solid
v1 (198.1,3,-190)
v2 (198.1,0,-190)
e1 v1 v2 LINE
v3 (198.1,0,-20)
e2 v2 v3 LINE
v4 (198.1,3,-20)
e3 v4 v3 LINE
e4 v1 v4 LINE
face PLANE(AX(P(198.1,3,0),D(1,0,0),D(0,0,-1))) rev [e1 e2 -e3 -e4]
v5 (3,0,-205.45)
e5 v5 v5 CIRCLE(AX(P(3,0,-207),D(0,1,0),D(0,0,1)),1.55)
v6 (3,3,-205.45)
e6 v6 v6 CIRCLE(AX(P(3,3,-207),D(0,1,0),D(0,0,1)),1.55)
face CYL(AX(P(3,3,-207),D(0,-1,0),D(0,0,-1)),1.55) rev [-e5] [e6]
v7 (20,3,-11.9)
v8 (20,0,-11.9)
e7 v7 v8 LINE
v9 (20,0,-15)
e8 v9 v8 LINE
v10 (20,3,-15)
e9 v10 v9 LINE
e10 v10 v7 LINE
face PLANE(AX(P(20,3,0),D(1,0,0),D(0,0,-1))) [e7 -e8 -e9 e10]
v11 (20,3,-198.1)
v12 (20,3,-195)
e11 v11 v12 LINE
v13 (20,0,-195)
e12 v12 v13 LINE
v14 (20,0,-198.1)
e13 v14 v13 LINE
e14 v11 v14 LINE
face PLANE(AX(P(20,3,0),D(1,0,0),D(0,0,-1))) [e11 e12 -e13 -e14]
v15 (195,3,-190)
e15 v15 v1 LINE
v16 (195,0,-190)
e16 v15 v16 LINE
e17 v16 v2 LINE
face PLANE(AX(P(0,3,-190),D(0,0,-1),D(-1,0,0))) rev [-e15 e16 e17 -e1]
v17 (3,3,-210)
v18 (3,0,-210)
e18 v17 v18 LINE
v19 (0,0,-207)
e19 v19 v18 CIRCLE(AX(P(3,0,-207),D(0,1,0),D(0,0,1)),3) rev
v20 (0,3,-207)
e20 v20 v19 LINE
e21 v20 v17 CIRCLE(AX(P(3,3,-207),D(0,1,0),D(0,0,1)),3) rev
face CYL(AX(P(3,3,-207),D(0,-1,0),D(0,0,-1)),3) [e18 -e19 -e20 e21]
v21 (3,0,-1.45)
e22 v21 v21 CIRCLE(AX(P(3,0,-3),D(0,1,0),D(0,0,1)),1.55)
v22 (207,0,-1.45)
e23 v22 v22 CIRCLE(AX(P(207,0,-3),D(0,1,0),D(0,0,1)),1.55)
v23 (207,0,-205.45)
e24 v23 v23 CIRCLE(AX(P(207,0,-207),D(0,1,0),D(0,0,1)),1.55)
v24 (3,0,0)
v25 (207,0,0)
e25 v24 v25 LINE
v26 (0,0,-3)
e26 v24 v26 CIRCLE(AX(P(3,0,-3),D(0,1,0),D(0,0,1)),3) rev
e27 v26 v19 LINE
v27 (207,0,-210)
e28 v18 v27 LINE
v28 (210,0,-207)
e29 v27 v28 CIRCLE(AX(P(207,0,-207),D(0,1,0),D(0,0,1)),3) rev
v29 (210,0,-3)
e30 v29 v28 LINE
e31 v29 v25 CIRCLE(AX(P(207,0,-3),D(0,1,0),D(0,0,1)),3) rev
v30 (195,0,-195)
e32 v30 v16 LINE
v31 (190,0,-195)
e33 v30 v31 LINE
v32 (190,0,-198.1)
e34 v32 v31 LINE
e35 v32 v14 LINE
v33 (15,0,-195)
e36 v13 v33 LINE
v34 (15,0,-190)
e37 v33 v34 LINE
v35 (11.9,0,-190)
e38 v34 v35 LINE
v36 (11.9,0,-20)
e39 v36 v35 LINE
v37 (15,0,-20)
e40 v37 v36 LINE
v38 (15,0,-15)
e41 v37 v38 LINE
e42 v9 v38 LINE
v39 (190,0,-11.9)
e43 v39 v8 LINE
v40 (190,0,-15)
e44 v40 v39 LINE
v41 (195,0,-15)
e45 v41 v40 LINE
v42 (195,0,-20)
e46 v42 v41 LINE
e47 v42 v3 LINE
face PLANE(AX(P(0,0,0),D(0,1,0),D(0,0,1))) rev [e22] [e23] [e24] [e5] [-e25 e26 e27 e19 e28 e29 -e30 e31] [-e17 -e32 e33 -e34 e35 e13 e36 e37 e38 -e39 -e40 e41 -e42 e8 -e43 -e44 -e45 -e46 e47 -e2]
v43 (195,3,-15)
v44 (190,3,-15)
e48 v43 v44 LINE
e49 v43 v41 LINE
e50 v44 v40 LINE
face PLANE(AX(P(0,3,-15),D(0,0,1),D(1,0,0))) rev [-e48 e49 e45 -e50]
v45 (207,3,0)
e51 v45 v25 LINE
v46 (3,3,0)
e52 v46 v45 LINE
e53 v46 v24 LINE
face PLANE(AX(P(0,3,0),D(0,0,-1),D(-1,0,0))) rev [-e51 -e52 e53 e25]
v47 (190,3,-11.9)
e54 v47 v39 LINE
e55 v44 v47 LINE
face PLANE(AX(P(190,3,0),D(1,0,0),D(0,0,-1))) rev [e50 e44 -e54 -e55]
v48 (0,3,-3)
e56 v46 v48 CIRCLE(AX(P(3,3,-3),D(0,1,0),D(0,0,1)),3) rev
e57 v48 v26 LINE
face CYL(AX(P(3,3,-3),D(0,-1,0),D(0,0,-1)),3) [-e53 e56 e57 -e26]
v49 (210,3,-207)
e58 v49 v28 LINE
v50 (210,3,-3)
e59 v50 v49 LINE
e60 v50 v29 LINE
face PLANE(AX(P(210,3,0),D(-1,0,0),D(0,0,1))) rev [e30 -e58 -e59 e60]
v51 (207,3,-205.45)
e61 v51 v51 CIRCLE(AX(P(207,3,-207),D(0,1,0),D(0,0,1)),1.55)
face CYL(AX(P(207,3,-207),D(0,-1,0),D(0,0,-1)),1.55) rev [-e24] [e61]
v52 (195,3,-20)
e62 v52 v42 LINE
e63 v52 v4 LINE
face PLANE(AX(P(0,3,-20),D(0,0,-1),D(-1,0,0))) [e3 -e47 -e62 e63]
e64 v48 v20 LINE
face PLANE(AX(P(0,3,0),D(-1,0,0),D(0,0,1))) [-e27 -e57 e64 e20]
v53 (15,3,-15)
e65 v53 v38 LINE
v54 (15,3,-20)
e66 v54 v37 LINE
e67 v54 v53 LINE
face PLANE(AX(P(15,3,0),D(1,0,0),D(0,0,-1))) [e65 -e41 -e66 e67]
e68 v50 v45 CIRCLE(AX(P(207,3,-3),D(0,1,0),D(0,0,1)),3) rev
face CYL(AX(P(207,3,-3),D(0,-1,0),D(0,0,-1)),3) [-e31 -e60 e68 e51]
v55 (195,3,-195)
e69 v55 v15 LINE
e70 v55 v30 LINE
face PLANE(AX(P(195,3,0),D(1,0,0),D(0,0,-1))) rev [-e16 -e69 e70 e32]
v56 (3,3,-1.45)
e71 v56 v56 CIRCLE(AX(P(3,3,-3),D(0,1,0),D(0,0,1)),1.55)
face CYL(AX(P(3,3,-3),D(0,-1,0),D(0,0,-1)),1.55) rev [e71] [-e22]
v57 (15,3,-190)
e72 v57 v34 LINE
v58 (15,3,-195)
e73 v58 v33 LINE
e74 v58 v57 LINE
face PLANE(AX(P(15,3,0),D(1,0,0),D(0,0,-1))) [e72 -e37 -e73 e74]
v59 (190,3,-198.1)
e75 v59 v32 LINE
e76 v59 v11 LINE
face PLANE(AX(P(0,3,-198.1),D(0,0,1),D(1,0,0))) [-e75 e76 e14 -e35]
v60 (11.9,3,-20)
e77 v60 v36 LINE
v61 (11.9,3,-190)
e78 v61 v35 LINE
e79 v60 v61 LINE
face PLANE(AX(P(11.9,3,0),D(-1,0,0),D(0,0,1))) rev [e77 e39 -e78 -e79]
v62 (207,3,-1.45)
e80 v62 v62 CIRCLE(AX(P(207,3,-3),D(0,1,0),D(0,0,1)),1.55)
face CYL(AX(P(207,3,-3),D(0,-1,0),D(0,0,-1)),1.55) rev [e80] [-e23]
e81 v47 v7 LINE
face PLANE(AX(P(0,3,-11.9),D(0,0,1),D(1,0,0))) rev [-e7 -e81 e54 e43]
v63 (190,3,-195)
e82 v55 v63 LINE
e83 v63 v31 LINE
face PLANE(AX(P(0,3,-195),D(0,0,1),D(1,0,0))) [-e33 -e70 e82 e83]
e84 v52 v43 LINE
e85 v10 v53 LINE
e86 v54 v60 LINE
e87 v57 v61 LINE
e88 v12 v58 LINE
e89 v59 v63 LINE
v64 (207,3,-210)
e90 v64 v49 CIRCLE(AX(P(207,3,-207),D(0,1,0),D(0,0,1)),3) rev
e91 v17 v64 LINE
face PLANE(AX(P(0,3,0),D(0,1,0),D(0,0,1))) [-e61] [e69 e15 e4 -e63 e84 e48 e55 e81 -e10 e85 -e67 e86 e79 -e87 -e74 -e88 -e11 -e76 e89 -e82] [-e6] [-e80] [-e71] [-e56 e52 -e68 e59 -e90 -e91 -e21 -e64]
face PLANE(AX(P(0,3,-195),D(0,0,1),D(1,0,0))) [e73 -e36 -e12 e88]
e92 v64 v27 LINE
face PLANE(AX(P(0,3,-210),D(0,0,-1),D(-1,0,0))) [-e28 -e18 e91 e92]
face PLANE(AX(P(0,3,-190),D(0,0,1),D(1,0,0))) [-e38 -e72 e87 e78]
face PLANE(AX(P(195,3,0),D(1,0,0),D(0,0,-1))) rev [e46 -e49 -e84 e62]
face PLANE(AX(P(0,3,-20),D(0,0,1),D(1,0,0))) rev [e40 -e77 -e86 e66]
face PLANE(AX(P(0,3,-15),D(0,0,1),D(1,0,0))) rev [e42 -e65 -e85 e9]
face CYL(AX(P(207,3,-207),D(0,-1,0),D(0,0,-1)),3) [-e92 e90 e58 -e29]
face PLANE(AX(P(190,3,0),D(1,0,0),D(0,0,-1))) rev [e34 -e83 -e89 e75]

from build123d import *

# Parameters (mm, degrees)
SKETCH_3_R      = 1.55
EXTRUDE_1_DEPTH = 3


with BuildPart() as part:
    # 草图3 → 凸台-拉伸1 (new body)
    with BuildSketch(Plane(origin=(0, 0, 0), x_dir=(1, 0, 0), z_dir=(0, 1, 0))):
        with BuildLine():
            Line((0, 15), (0, 3))
            ThreePointArc((0, 3), (0.878679656, 0.878679656), (3, 0))
            Line((3, 0), (195, 0))
            Line((195, 0), (207, 0))
            ThreePointArc((207, 0), (209.121320344, 0.878679656), (210, 3))
            Line((210, 3), (210, 15))
            Line((210, 15), (210, 207))
            ThreePointArc((210, 207), (209.121320344, 209.121320344), (207, 210))
            Line((207, 210), (195, 210))
            Line((195, 210), (15, 210))
            Line((15, 210), (3, 210))
            ThreePointArc((3, 210), (0.878679656, 209.121320344), (0, 207))
            Line((0, 207), (0, 195))
            Line((0, 195), (0, 15))
        make_face()
        with Locations((3, 3)):
            Circle(SKETCH_3_R, mode=Mode.SUBTRACT)
        with Locations((207, 3)):
            Circle(SKETCH_3_R, mode=Mode.SUBTRACT)
        with Locations((3, 207)):
            Circle(SKETCH_3_R, mode=Mode.SUBTRACT)
        Polygon((192, 195), (195, 195), (195, 190), (198.1, 190), (198.1, 175), (198.1, 35), (198.1, 20), (195, 20), (195, 15), (192, 15), (190, 15), (190, 11.9), (175, 11.9), (35, 11.9), (20, 11.9), (20, 15), (18, 15), (15, 15), (15, 20), (11.9, 20), (11.9, 35), (11.9, 175), (11.9, 190), (15, 190), (15, 195), (18, 195), (20, 195), (20, 198.1), (35, 198.1), (175, 198.1), (190, 198.1), (190, 195), align=None, mode=Mode.SUBTRACT)
        with Locations((207, 207)):
            Circle(SKETCH_3_R, mode=Mode.SUBTRACT)
    extrude(amount=EXTRUDE_1_DEPTH)


solid = part.part
